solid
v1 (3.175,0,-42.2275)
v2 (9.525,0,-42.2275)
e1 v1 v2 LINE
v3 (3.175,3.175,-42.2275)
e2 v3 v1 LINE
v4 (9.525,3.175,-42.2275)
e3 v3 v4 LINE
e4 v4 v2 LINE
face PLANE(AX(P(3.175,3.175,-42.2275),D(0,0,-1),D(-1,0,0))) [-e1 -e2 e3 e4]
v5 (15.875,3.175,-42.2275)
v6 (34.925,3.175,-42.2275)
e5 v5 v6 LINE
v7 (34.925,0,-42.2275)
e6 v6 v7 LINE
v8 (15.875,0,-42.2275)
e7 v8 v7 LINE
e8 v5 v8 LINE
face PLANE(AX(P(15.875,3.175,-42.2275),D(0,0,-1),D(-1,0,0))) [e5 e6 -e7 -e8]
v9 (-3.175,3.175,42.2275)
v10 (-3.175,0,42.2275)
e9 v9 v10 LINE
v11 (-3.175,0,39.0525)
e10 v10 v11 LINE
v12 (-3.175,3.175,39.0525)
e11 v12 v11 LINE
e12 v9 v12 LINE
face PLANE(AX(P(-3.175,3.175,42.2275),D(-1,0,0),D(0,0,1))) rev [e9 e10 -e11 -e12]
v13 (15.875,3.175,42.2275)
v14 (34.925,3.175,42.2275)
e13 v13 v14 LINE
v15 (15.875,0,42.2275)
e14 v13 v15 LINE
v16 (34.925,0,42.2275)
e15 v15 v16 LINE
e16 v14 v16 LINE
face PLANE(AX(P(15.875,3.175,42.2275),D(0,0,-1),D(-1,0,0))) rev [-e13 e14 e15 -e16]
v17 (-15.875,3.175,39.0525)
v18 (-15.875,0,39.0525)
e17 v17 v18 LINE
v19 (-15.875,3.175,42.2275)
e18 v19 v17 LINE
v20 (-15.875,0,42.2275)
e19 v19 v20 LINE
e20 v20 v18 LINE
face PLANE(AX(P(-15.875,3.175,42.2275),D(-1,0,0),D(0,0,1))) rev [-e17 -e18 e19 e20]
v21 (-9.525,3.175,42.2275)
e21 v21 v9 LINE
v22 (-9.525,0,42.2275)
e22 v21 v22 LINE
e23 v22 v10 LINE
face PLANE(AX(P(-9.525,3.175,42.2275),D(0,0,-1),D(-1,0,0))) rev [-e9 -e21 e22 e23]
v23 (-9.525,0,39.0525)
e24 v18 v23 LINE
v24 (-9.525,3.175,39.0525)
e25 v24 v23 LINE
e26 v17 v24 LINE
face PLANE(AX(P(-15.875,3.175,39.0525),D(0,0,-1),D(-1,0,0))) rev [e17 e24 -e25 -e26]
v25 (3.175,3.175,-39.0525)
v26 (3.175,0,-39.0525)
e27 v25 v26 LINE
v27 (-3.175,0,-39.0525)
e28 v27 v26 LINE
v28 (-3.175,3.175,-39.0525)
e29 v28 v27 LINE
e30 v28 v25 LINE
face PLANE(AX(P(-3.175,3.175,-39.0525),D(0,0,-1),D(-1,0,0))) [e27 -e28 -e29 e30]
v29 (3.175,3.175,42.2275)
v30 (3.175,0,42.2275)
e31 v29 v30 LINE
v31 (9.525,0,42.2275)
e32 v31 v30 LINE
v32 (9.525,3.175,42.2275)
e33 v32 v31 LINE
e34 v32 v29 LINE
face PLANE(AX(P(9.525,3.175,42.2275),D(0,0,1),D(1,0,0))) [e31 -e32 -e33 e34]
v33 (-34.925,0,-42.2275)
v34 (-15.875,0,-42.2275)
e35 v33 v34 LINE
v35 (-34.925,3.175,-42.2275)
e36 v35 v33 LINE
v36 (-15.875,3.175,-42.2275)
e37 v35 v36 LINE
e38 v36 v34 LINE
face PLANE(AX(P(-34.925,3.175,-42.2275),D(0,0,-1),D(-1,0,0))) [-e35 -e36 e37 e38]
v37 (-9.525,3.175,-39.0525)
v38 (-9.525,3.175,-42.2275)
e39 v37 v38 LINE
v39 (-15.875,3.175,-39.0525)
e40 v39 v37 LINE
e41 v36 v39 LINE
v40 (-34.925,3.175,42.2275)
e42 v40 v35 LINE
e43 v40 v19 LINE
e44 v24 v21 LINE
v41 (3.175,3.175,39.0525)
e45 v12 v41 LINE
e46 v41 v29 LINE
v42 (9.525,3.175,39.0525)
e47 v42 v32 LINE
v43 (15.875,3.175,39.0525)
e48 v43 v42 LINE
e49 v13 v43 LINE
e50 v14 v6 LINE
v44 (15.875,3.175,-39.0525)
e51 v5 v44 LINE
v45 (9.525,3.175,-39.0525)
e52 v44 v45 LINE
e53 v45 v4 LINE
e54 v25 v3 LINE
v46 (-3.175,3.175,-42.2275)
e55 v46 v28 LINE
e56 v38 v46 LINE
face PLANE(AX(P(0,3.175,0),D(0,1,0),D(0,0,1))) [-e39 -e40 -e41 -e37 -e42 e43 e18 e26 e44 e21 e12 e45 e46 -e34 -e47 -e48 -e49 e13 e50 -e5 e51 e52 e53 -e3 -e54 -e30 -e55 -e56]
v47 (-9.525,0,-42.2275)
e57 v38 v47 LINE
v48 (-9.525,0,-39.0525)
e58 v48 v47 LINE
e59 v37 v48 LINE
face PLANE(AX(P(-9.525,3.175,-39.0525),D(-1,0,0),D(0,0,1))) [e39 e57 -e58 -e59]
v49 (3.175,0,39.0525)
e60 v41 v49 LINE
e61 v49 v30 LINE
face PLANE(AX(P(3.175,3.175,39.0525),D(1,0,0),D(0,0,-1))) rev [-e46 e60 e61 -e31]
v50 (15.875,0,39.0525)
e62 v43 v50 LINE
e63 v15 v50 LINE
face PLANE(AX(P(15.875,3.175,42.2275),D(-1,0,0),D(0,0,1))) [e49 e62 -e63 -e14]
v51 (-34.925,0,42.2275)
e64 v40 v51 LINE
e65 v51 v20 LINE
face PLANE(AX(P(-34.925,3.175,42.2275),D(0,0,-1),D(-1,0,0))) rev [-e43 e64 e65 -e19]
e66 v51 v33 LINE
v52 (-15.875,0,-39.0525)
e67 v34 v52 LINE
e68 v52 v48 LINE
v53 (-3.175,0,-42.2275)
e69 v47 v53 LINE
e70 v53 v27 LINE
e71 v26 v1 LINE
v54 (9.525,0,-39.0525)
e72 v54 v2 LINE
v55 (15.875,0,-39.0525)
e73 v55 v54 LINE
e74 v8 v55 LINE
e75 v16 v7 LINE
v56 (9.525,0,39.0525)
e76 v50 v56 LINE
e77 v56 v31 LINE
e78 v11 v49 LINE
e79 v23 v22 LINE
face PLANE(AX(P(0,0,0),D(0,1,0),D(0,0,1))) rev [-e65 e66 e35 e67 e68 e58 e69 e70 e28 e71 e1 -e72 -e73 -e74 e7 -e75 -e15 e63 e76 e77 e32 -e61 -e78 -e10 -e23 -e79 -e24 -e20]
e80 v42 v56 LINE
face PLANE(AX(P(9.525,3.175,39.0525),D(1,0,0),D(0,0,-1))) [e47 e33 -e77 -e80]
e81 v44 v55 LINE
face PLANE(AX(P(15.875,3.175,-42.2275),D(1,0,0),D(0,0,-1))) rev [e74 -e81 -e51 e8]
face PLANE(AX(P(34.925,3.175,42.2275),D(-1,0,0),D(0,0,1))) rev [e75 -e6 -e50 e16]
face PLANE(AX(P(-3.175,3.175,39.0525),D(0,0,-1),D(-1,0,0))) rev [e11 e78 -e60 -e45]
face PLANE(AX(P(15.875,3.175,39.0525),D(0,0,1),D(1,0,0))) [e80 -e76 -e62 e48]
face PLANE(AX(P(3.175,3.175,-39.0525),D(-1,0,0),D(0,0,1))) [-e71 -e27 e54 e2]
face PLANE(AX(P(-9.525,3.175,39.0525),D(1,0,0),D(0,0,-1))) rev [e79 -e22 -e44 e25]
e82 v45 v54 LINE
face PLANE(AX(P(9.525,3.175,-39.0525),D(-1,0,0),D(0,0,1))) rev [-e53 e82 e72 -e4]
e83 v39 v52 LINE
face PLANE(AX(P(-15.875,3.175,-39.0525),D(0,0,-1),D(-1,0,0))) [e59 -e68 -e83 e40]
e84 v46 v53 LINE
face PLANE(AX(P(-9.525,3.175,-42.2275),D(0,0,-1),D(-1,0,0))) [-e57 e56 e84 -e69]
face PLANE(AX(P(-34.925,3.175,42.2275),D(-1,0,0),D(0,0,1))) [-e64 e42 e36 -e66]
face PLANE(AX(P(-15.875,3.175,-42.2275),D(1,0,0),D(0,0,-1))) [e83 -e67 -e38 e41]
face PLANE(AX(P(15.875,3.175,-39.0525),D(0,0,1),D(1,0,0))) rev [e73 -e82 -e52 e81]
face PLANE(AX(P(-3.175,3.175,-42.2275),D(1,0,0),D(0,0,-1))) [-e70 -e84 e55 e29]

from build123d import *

# Parameters (mm, degrees)
BOSS_EXTRUDE1_DEPTH = 3.175


with BuildPart() as part:
    # Sketch1 → Boss-Extrude1 (new body)
    with BuildSketch(Plane(origin=(0, 0, 0), x_dir=(1, 0, 0), z_dir=(0, 1, 0))):
        Polygon((-34.925, -42.2275), (-15.875, -42.2275), (-15.875, -39.0525), (-9.525, -39.0525), (-9.525, -42.2275), (-3.175, -42.2275), (-3.175, -39.0525), (3.175, -39.0525), (3.175, -42.2275), (9.525, -42.2275), (9.525, -39.0525), (15.875, -39.0525), (15.875, -42.2275), (34.925, -42.2275), (34.925, 42.2275), (15.875, 42.2275), (15.875, 39.0525), (9.525, 39.0525), (9.525, 42.2275), (3.175, 42.2275), (3.175, 39.0525), (-3.175, 39.0525), (-3.175, 42.2275), (-9.525, 42.2275), (-9.525, 39.0525), (-15.875, 39.0525), (-15.875, 42.2275), (-34.925, 42.2275), align=None)
    extrude(amount=BOSS_EXTRUDE1_DEPTH)


solid = part.part
